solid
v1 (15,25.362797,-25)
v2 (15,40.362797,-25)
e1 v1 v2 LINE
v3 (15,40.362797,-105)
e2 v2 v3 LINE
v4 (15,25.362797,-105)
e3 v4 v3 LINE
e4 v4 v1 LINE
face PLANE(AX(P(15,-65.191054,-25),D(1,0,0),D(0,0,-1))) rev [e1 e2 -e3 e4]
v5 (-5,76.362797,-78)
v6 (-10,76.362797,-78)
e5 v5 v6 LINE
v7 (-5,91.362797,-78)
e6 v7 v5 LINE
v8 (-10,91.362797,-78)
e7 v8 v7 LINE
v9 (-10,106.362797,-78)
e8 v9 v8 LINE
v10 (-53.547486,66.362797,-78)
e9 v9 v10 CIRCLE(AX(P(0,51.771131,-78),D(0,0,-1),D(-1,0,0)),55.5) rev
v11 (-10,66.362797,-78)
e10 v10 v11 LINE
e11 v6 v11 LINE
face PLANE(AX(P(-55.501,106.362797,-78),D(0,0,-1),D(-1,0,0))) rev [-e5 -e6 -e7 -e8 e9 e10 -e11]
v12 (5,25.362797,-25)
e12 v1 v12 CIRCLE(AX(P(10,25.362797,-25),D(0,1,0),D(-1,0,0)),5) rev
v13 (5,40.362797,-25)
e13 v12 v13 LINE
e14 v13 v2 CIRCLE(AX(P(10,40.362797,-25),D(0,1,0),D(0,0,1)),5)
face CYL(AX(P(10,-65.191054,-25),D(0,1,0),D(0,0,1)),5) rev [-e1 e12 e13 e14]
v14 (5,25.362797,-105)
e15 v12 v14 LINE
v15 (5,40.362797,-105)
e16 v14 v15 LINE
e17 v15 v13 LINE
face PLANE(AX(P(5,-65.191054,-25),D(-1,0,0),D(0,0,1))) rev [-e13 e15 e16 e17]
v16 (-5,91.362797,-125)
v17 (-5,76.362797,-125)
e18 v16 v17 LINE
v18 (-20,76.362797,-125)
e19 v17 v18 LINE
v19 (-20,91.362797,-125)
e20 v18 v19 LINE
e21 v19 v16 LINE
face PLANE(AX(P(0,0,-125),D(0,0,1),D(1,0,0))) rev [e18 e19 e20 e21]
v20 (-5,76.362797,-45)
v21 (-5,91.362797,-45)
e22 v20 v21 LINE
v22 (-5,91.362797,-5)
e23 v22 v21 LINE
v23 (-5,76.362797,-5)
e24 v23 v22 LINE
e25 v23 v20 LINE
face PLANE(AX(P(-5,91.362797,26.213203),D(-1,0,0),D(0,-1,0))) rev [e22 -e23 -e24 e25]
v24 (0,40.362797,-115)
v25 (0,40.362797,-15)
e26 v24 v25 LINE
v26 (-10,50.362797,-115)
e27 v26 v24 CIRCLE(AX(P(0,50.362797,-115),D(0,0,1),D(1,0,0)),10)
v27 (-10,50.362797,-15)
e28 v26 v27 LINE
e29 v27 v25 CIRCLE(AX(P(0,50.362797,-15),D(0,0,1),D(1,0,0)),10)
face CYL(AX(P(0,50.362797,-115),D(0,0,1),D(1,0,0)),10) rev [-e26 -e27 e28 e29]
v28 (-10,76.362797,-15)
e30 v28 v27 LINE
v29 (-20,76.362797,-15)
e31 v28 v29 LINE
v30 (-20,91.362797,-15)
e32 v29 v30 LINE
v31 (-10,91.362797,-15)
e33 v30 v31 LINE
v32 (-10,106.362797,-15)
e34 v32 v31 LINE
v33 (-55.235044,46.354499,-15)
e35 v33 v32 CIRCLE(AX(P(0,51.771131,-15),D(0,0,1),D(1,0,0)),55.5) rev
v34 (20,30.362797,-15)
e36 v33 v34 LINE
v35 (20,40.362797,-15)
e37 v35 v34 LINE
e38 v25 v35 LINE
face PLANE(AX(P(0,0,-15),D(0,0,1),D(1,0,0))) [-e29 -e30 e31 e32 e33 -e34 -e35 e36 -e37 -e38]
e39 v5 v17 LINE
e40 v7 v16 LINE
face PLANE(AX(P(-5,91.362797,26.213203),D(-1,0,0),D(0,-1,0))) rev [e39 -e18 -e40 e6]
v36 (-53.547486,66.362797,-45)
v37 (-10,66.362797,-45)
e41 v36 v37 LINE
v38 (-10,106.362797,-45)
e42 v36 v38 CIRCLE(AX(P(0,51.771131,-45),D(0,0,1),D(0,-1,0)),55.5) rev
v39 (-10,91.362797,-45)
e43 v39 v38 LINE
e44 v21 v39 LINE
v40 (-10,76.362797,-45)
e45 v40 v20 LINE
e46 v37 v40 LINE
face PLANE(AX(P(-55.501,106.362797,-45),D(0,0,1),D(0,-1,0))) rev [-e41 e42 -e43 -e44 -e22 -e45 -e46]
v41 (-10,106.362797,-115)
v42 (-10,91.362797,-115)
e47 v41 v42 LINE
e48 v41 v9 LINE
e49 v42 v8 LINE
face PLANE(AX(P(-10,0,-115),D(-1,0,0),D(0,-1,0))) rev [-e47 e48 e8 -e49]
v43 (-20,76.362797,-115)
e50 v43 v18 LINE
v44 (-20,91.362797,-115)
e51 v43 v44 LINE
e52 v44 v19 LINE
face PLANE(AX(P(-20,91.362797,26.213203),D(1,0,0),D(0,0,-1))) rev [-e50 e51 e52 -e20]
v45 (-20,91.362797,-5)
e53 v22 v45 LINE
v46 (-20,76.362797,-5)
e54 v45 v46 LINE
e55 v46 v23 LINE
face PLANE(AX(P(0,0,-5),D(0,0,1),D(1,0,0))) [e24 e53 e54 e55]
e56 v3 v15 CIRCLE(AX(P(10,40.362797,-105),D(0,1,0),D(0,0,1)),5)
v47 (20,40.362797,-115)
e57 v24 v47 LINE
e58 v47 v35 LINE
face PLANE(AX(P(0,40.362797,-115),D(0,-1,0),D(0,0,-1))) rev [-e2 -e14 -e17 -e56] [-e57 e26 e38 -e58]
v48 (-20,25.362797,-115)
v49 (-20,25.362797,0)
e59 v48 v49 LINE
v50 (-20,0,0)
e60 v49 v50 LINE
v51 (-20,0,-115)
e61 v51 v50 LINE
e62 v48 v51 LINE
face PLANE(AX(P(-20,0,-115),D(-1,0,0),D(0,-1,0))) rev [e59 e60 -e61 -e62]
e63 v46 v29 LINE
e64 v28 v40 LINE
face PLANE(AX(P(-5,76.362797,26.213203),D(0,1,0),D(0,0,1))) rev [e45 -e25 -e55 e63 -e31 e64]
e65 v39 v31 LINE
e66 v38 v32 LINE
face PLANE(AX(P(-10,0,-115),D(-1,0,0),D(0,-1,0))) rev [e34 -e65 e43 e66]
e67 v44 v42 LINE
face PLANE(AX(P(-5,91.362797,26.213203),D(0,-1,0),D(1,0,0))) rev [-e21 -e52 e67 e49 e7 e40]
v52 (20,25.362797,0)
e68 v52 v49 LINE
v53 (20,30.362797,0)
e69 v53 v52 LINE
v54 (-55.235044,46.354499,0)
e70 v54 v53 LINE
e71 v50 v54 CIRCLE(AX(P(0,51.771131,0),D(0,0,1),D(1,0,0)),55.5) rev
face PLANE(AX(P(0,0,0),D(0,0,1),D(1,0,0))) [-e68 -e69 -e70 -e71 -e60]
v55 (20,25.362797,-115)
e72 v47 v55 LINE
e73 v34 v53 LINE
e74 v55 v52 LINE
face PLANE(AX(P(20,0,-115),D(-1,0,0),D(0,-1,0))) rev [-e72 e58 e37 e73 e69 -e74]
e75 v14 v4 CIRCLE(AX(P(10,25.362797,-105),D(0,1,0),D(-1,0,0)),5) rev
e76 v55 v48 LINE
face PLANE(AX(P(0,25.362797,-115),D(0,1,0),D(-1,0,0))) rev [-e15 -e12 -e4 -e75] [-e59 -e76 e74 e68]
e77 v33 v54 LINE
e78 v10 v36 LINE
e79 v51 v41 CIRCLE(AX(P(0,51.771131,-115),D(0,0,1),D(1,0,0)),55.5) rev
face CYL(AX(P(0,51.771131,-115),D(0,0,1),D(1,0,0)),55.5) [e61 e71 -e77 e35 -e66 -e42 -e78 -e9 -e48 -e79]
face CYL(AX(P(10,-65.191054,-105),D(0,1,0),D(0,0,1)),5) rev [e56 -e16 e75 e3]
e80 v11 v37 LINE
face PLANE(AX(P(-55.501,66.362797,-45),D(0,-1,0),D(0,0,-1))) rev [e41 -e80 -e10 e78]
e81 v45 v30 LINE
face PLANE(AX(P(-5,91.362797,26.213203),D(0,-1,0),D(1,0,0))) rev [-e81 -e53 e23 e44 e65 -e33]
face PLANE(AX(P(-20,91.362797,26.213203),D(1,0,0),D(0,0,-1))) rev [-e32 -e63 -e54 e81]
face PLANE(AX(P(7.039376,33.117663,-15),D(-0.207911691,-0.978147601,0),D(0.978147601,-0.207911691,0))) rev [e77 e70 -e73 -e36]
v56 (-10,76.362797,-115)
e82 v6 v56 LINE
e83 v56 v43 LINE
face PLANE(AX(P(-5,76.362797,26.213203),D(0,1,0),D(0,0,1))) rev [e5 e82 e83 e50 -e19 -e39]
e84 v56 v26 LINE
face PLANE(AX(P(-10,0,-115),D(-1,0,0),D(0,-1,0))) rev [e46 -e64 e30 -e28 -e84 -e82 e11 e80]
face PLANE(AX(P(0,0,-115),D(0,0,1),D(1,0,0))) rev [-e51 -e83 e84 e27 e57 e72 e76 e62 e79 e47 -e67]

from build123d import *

# Parameters (mm, degrees)
SKETCH1_W                = 10
SKETCH1_H                = 15
BOSS_EXTRUDE1_DEPTH      = 115
SKETCH1_5_W              = 10
SKETCH1_5_H              = 15
CUT_EXTRUDE1_DEPTH       = 15
SKETCH6_W                = 15
SKETCH6_H                = 15
BOSS_EXTRUDE3_DEPTH      = 52.5
BOSS_EXTRUDE3_DEPTH_BACK = 67.5
CUT_EXTRUDE2_REACH       = 52.5
SKETCH7_W                = 33
SKETCH7_H                = 40
CUT_EXTRUDE3_DEPTH       = 15


with BuildPart() as part:
    # Sketch1 → Boss-Extrude1 (new body)
    with BuildSketch(Plane.XY):
        with BuildLine():
            Line((-10, 91.362796982), (-10, 106.362796982))
            ThreePointArc((-10, 106.362796982), (-44.318751046, 85.179188449), (-55.235044142, 46.354499282))
            Line((-55.235044142, 46.354499282), (20, 30.362796982))
            Line((20, 30.362796982), (20, 40.362796982))
            Line((20, 40.362796982), (0, 40.362796982))
            ThreePointArc((0, 40.362796982), (-7.071067812, 43.29172917), (-10, 50.362796982))
            Line((-10, 50.362796982), (-10, 76.362796982))
            Line((-10, 76.362796982), (-20, 76.362796982))
            Line((-20, 76.362796982), (-20, 91.362796982))
            Line((-20, 91.362796982), (-10, 91.362796982))
        make_face()
        with BuildLine():
            Line((20, 30.362796982), (-55.235044142, 46.354499282))
            ThreePointArc((-55.235044142, 46.354499282), (-44.184418834, 18.185611269), (-20, 0))
            Line((-20, 0), (-20, 25.362796982))
            Line((-20, 25.362796982), (20, 25.362796982))
            Line((20, 25.362796982), (20, 30.362796982))
        make_face()
        with Locations((-15, 83.862796982)):
            Rectangle(SKETCH1_W, SKETCH1_H)
    extrude(amount=-BOSS_EXTRUDE1_DEPTH)

    # Sketch1<5> → Cut-Extrude1 (cut)
    with BuildSketch(Plane.XY):
        with BuildLine():
            Line((-10, 91.362796982), (-10, 106.362796982))
            ThreePointArc((-10, 106.362796982), (-44.318751046, 85.179188449), (-55.235044142, 46.354499282))
            Line((-55.235044142, 46.354499282), (20, 30.362796982))
            Line((20, 30.362796982), (20, 40.362796982))
            Line((20, 40.362796982), (0, 40.362796982))
            ThreePointArc((0, 40.362796982), (-7.071067812, 43.29172917), (-10, 50.362796982))
            Line((-10, 50.362796982), (-10, 76.362796982))
            Line((-10, 76.362796982), (-20, 76.362796982))
            Line((-20, 76.362796982), (-20, 91.362796982))
            Line((-20, 91.362796982), (-10, 91.362796982))
        make_face()
        with Locations((-15, 83.862796982)):
            Rectangle(SKETCH1_5_W, SKETCH1_5_H)
    extrude(amount=-CUT_EXTRUDE1_DEPTH, mode=Mode.SUBTRACT)

    # Sketch6 → Boss-Extrude3 (add, two sides)
    with BuildSketch(Plane.XY.offset(-57.5)) as boss_extrude3_sk:
        with Locations((-12.5, 83.862796982)):
            Rectangle(SKETCH6_W, SKETCH6_H)
    extrude(amount=BOSS_EXTRUDE3_DEPTH)
    extrude(boss_extrude3_sk.sketch, amount=-BOSS_EXTRUDE3_DEPTH_BACK)

    # Sketch7 → Cut-Extrude2 (cut, up to next)
    with BuildSketch(Plane(origin=(-5, 0, 0), x_dir=(0, 0, -1), z_dir=(1, 0, 0)), mode=Mode.PRIVATE) as cut_extrude2_sk1:
        with Locations((61.5, 86.362796982)):
            Rectangle(SKETCH7_W, SKETCH7_H)
    cut_extrude2_tool1 = extrude(cut_extrude2_sk1.sketch, amount=-CUT_EXTRUDE2_REACH, mode=Mode.PRIVATE) & part.part
    add(cut_extrude2_tool1.solids().sort_by_distance((-5, 86.362797, -61.5))[0], mode=Mode.SUBTRACT)

    # Sketch8 → Cut-Extrude3 (cut)
    with BuildSketch(Plane(origin=(0, 40.362796982, 0), x_dir=(1, 0, 0), z_dir=(0, 1, 0))):
        with BuildLine():
            Line((5, 25), (5, 105))
            ThreePointArc((5, 105), (10, 110), (15, 105))
            Line((15, 105), (15, 25))
            ThreePointArc((15, 25), (10, 20), (5, 25))
        make_face()
    extrude(amount=-CUT_EXTRUDE3_DEPTH, mode=Mode.SUBTRACT)


solid = part.part
